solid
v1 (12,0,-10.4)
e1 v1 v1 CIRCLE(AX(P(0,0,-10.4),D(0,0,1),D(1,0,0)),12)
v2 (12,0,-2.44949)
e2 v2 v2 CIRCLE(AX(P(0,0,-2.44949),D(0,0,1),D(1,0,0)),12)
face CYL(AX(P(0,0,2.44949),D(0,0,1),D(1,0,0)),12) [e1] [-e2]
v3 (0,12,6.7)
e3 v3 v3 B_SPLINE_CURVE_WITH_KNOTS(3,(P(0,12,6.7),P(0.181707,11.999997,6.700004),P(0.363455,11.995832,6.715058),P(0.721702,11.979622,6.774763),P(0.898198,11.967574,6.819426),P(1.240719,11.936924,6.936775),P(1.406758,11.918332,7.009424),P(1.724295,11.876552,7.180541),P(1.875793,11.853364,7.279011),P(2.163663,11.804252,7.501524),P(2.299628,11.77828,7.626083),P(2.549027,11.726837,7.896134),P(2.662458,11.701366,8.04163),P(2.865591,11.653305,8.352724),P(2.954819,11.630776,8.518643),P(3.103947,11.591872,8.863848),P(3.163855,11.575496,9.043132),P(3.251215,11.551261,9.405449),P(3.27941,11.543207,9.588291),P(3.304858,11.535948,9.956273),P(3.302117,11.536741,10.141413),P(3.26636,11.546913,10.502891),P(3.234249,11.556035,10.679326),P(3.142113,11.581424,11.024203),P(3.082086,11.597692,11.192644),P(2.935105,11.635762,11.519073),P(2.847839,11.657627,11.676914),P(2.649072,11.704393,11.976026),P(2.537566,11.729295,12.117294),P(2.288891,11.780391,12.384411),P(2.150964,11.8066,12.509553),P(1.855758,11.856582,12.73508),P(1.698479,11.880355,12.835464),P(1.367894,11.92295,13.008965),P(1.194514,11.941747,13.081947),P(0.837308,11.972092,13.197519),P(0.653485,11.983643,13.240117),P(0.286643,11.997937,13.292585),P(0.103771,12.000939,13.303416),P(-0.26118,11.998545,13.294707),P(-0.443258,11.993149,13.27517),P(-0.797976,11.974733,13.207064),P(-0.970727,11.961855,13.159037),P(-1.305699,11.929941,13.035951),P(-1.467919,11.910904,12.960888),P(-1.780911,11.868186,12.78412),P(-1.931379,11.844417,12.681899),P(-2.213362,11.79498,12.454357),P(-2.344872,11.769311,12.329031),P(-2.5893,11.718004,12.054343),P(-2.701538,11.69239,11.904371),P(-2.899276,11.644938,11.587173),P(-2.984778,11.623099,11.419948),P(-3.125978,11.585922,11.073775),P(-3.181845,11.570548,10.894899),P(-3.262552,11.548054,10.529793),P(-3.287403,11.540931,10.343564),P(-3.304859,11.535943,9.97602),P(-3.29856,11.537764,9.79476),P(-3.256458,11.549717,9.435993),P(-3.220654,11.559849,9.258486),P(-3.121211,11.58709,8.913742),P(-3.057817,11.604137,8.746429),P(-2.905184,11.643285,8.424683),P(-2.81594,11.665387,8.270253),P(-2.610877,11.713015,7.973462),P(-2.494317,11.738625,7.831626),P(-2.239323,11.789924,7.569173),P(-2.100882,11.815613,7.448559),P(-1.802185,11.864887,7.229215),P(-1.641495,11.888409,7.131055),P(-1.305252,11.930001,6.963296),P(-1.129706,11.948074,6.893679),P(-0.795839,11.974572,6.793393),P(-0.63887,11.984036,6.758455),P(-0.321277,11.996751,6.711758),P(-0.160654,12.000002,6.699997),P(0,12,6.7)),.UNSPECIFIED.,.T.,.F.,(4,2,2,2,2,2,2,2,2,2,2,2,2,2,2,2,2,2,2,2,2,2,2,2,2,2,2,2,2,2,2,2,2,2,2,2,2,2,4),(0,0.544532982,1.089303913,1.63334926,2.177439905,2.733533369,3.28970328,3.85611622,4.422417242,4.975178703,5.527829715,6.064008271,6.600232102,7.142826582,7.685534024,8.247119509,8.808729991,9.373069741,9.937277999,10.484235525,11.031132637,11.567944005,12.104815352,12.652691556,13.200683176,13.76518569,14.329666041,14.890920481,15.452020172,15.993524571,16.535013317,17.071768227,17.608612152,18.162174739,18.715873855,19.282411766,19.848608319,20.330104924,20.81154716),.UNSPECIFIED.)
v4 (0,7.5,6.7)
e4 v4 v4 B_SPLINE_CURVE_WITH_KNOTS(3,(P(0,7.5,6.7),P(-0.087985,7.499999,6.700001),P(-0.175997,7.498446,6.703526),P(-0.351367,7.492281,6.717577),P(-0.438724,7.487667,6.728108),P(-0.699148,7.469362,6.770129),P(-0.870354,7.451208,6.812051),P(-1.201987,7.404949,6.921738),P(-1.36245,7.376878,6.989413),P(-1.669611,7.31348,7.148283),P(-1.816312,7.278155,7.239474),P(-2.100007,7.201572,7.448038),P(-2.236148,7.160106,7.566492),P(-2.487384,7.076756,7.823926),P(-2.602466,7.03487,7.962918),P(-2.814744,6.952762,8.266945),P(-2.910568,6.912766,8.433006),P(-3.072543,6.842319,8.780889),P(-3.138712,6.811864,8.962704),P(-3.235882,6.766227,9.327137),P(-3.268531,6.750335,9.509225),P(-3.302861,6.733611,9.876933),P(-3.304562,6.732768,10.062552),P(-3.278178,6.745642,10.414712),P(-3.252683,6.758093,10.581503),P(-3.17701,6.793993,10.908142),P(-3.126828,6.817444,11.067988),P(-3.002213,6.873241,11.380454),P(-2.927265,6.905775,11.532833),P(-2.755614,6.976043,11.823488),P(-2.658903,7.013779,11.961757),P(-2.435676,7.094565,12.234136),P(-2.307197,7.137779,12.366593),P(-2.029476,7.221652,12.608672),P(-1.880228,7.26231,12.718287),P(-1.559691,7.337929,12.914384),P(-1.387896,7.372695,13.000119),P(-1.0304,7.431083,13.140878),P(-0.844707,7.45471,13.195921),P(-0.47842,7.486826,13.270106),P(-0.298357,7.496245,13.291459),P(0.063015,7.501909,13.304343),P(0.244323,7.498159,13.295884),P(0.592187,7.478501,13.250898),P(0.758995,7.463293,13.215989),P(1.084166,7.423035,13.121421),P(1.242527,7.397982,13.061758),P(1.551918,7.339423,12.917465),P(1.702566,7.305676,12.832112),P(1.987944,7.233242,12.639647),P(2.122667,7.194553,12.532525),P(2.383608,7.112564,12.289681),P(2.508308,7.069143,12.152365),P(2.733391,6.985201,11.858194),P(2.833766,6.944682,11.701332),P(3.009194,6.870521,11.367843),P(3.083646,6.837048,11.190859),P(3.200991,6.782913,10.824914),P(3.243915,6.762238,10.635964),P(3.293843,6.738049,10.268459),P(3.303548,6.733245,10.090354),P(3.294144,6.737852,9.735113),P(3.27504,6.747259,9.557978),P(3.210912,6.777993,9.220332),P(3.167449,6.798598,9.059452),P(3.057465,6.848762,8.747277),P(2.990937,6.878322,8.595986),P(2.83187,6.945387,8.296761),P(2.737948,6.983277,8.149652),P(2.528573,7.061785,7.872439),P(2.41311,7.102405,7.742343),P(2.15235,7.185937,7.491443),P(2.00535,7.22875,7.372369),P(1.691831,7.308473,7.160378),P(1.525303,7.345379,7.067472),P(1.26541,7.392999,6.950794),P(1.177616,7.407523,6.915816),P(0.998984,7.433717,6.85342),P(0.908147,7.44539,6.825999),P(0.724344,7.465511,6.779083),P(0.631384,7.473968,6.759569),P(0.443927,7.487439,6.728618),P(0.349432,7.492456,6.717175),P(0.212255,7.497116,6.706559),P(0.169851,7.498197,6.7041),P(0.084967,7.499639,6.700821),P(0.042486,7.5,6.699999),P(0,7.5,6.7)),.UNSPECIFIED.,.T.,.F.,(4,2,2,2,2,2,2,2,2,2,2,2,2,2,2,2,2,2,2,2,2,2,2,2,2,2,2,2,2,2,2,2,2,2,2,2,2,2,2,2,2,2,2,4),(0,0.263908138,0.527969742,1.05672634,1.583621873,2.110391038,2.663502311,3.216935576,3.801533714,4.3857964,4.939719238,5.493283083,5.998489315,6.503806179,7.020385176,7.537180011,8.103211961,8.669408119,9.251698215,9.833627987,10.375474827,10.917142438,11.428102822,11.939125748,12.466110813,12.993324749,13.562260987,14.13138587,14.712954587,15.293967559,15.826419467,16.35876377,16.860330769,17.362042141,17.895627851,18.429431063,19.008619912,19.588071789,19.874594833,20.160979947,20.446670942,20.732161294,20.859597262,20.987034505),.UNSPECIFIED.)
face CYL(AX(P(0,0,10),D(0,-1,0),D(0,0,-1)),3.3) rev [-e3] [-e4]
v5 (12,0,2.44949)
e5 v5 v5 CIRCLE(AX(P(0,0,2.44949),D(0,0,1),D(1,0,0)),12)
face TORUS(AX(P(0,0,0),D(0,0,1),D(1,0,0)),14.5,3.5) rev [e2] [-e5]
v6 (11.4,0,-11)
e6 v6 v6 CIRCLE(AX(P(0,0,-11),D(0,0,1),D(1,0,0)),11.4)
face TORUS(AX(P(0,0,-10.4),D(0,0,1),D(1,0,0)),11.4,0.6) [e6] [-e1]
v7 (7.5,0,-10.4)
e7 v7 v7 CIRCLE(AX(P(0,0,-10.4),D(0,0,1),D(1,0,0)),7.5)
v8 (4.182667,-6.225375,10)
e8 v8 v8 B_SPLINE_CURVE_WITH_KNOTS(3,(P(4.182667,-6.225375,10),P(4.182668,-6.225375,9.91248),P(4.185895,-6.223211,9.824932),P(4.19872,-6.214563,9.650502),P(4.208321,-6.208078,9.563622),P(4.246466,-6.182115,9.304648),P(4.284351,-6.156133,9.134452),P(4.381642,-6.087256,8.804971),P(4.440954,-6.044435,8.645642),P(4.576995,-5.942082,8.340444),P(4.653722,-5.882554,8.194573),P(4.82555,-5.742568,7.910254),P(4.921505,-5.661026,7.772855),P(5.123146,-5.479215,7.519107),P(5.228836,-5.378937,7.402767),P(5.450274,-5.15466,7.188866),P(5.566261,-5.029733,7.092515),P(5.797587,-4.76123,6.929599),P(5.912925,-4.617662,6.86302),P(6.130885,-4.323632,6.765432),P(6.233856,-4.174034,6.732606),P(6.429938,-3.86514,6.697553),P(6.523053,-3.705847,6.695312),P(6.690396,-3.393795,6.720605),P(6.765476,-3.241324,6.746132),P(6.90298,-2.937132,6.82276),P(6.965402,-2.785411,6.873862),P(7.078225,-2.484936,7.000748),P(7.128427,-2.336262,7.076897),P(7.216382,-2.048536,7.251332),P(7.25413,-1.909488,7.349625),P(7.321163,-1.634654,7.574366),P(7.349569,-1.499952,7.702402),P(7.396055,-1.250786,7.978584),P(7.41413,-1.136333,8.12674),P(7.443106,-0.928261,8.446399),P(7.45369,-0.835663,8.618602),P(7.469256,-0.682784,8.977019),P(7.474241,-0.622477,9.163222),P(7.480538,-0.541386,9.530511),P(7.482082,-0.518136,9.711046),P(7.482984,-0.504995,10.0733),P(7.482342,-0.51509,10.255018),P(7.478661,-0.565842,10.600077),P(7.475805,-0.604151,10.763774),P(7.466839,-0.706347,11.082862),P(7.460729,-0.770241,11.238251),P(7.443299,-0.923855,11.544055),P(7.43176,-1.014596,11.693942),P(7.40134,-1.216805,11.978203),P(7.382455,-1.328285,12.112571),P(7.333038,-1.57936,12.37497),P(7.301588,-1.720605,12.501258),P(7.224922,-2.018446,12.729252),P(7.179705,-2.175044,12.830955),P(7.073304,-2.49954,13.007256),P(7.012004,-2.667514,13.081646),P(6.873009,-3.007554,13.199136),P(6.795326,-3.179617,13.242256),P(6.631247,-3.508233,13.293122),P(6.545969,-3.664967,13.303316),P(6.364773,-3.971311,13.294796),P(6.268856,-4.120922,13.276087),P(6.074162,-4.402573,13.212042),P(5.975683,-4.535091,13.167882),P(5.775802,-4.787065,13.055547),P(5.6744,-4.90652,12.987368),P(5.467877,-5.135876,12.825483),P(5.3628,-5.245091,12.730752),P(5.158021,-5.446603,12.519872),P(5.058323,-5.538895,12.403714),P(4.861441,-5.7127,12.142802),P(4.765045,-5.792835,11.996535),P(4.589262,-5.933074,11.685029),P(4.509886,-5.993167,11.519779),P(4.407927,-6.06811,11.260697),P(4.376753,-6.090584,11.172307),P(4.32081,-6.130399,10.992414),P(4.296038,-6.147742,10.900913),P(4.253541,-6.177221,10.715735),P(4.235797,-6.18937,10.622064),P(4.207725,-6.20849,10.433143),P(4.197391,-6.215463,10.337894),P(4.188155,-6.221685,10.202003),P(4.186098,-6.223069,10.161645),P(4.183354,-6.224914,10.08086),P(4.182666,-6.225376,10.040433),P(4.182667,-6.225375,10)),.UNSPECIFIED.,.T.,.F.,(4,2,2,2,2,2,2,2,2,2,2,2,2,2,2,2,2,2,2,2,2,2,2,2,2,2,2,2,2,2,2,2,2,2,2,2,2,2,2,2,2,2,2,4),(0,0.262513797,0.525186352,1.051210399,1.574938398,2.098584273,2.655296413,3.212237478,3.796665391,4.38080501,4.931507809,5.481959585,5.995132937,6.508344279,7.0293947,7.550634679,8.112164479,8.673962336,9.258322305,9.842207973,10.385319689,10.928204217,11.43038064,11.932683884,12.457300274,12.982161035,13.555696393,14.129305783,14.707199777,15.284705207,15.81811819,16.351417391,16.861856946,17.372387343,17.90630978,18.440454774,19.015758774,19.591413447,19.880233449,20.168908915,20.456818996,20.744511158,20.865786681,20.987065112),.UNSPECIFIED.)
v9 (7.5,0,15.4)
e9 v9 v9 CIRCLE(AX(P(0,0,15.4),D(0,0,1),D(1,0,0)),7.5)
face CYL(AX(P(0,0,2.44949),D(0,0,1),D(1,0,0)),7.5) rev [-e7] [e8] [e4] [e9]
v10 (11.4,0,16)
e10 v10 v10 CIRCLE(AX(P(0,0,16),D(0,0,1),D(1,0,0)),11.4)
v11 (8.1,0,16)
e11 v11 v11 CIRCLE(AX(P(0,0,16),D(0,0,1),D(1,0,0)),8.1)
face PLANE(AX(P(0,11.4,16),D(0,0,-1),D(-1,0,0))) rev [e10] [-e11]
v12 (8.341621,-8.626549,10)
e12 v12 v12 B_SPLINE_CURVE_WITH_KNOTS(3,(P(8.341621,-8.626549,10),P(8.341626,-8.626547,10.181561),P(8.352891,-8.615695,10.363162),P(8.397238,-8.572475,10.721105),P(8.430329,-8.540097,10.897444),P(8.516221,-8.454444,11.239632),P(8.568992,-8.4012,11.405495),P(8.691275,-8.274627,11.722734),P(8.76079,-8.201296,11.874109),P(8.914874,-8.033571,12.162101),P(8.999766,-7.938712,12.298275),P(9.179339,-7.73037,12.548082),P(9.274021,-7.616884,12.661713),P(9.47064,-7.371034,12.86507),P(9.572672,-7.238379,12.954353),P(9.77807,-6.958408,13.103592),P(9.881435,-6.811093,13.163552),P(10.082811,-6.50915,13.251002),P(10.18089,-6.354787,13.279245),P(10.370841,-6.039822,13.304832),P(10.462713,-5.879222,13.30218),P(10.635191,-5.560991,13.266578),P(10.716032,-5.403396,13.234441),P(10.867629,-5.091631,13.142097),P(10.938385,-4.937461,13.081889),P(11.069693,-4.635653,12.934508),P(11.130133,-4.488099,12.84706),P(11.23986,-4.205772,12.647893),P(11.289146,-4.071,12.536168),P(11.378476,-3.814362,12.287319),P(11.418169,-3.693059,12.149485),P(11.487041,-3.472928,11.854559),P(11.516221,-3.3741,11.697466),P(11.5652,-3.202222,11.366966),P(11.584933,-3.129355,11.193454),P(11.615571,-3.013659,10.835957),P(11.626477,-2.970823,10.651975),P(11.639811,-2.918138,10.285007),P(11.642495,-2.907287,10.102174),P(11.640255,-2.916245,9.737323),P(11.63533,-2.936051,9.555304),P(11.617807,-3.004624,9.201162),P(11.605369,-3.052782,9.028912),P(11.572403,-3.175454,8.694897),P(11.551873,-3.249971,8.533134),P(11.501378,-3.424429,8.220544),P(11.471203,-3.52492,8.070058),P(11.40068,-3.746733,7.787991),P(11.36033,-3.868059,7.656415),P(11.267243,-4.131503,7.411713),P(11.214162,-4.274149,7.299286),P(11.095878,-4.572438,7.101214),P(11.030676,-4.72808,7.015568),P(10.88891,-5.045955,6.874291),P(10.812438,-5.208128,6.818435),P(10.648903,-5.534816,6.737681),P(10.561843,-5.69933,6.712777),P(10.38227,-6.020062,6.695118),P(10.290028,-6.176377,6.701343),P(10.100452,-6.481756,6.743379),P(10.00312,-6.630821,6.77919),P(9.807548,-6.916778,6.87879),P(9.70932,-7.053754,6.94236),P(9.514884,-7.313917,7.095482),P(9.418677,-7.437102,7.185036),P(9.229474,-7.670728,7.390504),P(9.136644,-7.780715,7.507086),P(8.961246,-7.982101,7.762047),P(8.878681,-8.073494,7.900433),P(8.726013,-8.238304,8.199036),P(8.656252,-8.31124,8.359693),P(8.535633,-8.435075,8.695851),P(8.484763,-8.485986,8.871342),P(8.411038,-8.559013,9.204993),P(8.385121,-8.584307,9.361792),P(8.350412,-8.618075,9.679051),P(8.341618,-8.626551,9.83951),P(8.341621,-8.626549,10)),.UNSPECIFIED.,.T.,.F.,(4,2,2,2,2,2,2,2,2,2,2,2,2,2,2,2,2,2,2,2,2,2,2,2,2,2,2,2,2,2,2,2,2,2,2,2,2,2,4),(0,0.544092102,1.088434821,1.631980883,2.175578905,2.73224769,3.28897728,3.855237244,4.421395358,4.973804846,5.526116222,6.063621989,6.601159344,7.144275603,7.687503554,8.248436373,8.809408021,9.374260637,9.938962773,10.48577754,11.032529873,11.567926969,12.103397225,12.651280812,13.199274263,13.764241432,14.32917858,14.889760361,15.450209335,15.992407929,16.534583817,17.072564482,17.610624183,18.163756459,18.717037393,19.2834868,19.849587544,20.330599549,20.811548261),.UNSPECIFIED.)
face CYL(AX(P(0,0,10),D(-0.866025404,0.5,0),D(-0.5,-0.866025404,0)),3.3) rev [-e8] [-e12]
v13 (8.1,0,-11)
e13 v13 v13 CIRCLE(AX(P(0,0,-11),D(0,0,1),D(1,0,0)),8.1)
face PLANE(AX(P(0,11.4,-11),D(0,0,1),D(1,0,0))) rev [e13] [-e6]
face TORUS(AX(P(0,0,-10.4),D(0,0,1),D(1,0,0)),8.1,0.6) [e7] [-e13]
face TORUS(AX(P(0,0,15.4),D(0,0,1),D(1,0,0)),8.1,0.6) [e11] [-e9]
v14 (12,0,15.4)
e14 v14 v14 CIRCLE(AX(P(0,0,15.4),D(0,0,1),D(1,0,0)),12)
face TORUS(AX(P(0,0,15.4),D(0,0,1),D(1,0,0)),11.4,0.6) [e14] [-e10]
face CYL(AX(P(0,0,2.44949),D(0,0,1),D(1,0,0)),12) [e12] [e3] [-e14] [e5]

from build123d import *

# Parameters (mm, degrees)
ESQUISSE2_W                  = 3.3
ESQUISSE2_H                  = 16.393670871
R_P_TITION_CIRCULAIRE1_COUNT = 2
R_P_TITION_CIRCULAIRE1_ANGLE = 120


with BuildPart() as part:
    # Esquisse1 → Révolution1 (revolve)
    with BuildSketch(Plane(origin=(0, 0, 0), x_dir=(0, 0, -1), z_dir=(1, 0, 0)), mode=Mode.PRIVATE) as r_volution1_sk:
        with BuildLine():
            Line((2.449489743, 12), (10.4, 12))
            ThreePointArc((10.4, 12), (10.824264069, 11.824264069), (11, 11.4))
            Line((11, 11.4), (11, 8.1))
            ThreePointArc((11, 8.1), (10.824264069, 7.675735931), (10.4, 7.5))
            Line((10.4, 7.5), (-15.4, 7.5))
            ThreePointArc((-15.4, 7.5), (-15.824264069, 7.675735931), (-16, 8.1))
            Line((-16, 8.1), (-16, 11.4))
            ThreePointArc((-16, 11.4), (-15.824264069, 11.824264069), (-15.4, 12))
            Line((-15.4, 12), (-2.449489743, 12))
            ThreePointArc((-2.449489743, 12), (0, 11), (2.449489743, 12))
        make_face()
    revolve(r_volution1_sk.sketch.rotate(Axis((0, 0, 2.449489743), (0, 0, -1)), 90), axis=Axis((0, 0, 2.449489743), (0, 0, -1)))

    # Esquisse2 → Dégagement M61 (revolve, cut)
    with BuildSketch(Plane(origin=(0, 0, 10), x_dir=(0, 0, -1), z_dir=(1, 0, 0))):
        with Locations((1.65, 8.196835436)):
            Rectangle(ESQUISSE2_W, ESQUISSE2_H)
    d_gagement_m61 = revolve(axis=Axis((0, -6.35, 10), (0, 1, 0)), mode=Mode.SUBTRACT)

    # Répétition circulaire1: Dégagement M61 ×2 about axis
    r_p_tition_circulaire1_axis = Axis((0, 0, 2.449489743), (0, 0, -1))
    for i in range(1, R_P_TITION_CIRCULAIRE1_COUNT):
        add(d_gagement_m61.rotate(r_p_tition_circulaire1_axis, i * R_P_TITION_CIRCULAIRE1_ANGLE / (R_P_TITION_CIRCULAIRE1_COUNT - 1)), mode=Mode.SUBTRACT)


solid = part.part
